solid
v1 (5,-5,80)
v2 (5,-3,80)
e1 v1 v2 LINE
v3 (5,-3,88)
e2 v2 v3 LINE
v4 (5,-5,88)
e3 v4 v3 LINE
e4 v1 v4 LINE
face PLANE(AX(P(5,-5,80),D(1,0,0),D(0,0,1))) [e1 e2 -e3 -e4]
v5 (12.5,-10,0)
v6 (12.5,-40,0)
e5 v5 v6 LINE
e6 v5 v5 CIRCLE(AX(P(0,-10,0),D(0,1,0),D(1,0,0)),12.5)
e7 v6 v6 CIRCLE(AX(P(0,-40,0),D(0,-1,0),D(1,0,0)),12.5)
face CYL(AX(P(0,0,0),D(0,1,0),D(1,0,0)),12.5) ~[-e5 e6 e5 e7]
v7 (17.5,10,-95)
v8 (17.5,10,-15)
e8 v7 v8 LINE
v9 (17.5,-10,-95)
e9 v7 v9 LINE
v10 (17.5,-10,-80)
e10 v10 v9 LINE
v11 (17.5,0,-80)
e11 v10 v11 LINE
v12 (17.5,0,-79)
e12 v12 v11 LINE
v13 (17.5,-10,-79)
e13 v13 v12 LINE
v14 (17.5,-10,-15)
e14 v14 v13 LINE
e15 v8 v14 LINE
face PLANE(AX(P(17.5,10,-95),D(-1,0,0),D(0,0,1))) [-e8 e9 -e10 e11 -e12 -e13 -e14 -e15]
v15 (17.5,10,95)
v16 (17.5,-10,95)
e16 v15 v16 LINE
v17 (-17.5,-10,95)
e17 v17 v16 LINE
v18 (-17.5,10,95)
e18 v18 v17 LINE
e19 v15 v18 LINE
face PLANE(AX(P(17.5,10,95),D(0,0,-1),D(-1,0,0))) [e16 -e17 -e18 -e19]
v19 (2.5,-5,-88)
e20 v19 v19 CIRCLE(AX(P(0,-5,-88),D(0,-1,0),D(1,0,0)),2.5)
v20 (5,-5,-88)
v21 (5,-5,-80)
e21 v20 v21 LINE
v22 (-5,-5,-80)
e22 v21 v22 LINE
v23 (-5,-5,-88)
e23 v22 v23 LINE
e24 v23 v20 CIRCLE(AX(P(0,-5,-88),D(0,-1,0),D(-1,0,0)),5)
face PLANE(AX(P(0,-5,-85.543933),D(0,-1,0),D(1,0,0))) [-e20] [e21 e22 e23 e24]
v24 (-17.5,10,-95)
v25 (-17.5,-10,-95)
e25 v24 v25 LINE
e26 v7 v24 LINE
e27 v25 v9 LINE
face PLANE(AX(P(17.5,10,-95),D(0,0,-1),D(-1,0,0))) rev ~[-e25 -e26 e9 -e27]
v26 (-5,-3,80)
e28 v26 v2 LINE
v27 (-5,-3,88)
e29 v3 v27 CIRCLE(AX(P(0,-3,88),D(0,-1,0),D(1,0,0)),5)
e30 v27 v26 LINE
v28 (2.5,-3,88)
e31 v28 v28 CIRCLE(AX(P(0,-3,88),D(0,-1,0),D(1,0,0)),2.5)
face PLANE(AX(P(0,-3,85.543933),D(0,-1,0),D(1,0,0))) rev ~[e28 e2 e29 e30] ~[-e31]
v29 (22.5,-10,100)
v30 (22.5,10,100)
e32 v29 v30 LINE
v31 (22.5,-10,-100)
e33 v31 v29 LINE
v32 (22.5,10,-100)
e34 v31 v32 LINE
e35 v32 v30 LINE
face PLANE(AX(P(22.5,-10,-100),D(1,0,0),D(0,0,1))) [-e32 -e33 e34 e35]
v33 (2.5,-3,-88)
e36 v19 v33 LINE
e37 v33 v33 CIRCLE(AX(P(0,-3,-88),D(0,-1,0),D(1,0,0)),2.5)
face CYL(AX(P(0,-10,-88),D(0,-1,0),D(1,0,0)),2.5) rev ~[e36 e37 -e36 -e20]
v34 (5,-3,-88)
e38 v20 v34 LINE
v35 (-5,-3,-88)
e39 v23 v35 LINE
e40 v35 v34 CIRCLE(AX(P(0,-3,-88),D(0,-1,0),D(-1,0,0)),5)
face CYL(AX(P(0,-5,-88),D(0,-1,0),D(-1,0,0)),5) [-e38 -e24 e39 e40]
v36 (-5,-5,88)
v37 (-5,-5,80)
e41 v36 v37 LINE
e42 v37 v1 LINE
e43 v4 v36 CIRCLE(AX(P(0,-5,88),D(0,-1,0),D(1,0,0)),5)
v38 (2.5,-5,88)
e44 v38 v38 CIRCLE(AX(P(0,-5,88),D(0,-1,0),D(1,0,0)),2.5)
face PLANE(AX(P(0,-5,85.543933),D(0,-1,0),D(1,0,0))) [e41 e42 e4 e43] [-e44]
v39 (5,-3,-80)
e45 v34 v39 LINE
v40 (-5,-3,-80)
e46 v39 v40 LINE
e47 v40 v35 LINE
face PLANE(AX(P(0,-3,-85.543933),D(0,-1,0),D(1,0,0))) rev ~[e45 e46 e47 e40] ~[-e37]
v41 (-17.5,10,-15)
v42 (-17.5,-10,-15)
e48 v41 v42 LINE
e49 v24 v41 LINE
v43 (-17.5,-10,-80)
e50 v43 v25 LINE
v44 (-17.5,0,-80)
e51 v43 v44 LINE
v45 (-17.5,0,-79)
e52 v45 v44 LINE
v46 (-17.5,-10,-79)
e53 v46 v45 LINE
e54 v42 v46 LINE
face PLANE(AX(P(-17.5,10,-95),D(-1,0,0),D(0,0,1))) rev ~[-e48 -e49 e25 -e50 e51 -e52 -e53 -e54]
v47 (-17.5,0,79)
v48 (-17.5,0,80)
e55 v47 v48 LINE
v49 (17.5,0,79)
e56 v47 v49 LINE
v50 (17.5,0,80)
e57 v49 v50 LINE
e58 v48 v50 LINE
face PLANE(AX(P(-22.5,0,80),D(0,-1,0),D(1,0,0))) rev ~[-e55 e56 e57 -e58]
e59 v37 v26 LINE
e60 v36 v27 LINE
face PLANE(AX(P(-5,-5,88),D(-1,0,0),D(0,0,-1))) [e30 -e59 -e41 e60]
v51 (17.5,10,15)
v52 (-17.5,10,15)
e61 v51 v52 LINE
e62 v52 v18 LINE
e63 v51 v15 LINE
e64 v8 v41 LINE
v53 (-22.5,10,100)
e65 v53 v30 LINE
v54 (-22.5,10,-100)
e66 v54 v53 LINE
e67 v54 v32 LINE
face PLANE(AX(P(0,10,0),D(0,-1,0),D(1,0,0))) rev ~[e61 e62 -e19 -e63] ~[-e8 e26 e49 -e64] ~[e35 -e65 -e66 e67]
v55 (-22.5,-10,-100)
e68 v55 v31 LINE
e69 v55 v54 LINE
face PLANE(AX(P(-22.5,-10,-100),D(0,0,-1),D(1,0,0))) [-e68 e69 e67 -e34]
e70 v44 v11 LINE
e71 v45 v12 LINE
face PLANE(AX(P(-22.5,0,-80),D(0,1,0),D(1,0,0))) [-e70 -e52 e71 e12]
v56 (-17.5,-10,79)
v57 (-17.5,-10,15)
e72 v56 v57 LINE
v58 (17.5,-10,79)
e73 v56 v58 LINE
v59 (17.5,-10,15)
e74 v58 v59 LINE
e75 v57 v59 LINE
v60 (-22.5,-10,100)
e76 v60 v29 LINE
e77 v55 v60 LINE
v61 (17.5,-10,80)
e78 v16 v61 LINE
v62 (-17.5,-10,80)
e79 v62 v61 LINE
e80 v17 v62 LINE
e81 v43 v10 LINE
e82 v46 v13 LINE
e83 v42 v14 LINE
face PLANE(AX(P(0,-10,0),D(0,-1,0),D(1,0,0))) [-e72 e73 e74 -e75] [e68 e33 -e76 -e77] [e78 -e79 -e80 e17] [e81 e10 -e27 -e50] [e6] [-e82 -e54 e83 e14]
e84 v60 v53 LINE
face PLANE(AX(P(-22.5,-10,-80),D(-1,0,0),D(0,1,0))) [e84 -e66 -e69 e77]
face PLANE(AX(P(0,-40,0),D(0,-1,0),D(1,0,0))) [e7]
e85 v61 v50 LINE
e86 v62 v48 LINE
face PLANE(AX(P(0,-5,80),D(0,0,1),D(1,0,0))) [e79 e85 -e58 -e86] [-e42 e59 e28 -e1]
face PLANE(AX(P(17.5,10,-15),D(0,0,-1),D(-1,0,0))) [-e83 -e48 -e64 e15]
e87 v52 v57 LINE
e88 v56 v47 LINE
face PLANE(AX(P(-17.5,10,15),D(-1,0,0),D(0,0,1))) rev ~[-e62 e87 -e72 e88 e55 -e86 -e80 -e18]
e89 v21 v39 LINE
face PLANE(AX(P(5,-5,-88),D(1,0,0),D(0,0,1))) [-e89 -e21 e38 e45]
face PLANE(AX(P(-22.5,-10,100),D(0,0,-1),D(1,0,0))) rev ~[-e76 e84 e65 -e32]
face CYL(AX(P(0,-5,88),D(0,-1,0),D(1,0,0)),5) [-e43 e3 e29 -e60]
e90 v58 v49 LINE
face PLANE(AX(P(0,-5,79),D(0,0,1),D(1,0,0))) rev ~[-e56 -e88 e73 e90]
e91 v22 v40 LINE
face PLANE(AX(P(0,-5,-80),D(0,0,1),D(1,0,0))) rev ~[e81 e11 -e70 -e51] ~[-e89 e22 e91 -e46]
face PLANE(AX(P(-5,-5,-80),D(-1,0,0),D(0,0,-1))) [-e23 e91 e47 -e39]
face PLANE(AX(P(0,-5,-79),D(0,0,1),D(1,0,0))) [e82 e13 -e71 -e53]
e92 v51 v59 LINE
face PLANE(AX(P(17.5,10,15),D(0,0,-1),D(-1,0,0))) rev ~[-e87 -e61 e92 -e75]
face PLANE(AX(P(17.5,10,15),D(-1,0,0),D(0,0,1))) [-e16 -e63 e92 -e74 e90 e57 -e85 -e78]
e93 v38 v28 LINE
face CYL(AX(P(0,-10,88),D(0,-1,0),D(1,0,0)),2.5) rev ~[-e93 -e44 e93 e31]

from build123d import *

# Parameters (mm, degrees)
F0_R      = 12.5
F1_DEPTH  = 40
F3_W      = 45
F3_H      = 200
F4_DEPTH  = 20
F5_W      = 35
F5_H      = 80
F6_DEPTH  = 25
F9_W      = 45
F9_H      = 10
F10_DEPTH = 1
F11_W     = 45
F11_H     = 10
F12_DEPTH = 1
F15_DEPTH = 2
F17_R     = 2.5
F18_DEPTH = 20.001


with BuildPart() as f1:
    # F0 (on Front) → F1 (new body)
    with BuildSketch(Plane.XZ):
        Circle(F0_R)
    extrude(amount=F1_DEPTH)

    # F3 (on offset) → F4 (join)
    with BuildSketch(Plane.XZ.offset(10)):
        Rectangle(F3_W, F3_H)
    extrude(amount=-F4_DEPTH)

    # F5 (on face) → F6 (cut)
    with BuildSketch(Plane(origin=(0, 10, 0), x_dir=(-1, 0, 0), z_dir=(0, 1, 0))):
        with Locations((0, 55)):
            Rectangle(F5_W, F5_H)
        with Locations((0, -55)):
            Rectangle(F5_W, F5_H)
    extrude(amount=-F6_DEPTH, mode=Mode.SUBTRACT)

    # F9 (on offset) → F10 (join)
    with BuildSketch(Plane.XY.offset(80)):
        with Locations((0, -5)):
            Rectangle(F9_W, F9_H)
    extrude(amount=-F10_DEPTH)

    # F11 (on offset) → F12 (join)
    with BuildSketch(Plane.XY.offset(-80)):
        with Locations((0, -5)):
            Rectangle(F11_W, F11_H)
    extrude(amount=F12_DEPTH)


with BuildPart() as f15:
    # F14 (on offset) → F15 (new body)
    with BuildSketch(Plane.XZ.offset(5)):
        with BuildLine():
            Line((-5, 88), (-5, 80))
            Line((-5, 80), (5, 80))
            Line((5, 80), (5, 88))
            ThreePointArc((5, 88), (0, 93), (-5, 88))
        make_face()
        with BuildLine():
            Line((5, -80), (-5, -80))
            Line((-5, -80), (-5, -88))
            ThreePointArc((-5, -88), (0, -93), (5, -88))
            Line((5, -88), (5, -80))
        make_face()
    extrude(amount=-F15_DEPTH)


with BuildPart() as f1_1:
    add(f1.part)

    # F16: union F15
    add(f15.part)

    # F17 (on face) → F18 (cut, through all)
    with BuildSketch(Plane.XZ.offset(10)):
        with Locations((0, -88)):
            Circle(F17_R)
        with Locations((0, 88)):
            Circle(F17_R)
    extrude(amount=-F18_DEPTH, mode=Mode.SUBTRACT)


solid = f1_1.part
